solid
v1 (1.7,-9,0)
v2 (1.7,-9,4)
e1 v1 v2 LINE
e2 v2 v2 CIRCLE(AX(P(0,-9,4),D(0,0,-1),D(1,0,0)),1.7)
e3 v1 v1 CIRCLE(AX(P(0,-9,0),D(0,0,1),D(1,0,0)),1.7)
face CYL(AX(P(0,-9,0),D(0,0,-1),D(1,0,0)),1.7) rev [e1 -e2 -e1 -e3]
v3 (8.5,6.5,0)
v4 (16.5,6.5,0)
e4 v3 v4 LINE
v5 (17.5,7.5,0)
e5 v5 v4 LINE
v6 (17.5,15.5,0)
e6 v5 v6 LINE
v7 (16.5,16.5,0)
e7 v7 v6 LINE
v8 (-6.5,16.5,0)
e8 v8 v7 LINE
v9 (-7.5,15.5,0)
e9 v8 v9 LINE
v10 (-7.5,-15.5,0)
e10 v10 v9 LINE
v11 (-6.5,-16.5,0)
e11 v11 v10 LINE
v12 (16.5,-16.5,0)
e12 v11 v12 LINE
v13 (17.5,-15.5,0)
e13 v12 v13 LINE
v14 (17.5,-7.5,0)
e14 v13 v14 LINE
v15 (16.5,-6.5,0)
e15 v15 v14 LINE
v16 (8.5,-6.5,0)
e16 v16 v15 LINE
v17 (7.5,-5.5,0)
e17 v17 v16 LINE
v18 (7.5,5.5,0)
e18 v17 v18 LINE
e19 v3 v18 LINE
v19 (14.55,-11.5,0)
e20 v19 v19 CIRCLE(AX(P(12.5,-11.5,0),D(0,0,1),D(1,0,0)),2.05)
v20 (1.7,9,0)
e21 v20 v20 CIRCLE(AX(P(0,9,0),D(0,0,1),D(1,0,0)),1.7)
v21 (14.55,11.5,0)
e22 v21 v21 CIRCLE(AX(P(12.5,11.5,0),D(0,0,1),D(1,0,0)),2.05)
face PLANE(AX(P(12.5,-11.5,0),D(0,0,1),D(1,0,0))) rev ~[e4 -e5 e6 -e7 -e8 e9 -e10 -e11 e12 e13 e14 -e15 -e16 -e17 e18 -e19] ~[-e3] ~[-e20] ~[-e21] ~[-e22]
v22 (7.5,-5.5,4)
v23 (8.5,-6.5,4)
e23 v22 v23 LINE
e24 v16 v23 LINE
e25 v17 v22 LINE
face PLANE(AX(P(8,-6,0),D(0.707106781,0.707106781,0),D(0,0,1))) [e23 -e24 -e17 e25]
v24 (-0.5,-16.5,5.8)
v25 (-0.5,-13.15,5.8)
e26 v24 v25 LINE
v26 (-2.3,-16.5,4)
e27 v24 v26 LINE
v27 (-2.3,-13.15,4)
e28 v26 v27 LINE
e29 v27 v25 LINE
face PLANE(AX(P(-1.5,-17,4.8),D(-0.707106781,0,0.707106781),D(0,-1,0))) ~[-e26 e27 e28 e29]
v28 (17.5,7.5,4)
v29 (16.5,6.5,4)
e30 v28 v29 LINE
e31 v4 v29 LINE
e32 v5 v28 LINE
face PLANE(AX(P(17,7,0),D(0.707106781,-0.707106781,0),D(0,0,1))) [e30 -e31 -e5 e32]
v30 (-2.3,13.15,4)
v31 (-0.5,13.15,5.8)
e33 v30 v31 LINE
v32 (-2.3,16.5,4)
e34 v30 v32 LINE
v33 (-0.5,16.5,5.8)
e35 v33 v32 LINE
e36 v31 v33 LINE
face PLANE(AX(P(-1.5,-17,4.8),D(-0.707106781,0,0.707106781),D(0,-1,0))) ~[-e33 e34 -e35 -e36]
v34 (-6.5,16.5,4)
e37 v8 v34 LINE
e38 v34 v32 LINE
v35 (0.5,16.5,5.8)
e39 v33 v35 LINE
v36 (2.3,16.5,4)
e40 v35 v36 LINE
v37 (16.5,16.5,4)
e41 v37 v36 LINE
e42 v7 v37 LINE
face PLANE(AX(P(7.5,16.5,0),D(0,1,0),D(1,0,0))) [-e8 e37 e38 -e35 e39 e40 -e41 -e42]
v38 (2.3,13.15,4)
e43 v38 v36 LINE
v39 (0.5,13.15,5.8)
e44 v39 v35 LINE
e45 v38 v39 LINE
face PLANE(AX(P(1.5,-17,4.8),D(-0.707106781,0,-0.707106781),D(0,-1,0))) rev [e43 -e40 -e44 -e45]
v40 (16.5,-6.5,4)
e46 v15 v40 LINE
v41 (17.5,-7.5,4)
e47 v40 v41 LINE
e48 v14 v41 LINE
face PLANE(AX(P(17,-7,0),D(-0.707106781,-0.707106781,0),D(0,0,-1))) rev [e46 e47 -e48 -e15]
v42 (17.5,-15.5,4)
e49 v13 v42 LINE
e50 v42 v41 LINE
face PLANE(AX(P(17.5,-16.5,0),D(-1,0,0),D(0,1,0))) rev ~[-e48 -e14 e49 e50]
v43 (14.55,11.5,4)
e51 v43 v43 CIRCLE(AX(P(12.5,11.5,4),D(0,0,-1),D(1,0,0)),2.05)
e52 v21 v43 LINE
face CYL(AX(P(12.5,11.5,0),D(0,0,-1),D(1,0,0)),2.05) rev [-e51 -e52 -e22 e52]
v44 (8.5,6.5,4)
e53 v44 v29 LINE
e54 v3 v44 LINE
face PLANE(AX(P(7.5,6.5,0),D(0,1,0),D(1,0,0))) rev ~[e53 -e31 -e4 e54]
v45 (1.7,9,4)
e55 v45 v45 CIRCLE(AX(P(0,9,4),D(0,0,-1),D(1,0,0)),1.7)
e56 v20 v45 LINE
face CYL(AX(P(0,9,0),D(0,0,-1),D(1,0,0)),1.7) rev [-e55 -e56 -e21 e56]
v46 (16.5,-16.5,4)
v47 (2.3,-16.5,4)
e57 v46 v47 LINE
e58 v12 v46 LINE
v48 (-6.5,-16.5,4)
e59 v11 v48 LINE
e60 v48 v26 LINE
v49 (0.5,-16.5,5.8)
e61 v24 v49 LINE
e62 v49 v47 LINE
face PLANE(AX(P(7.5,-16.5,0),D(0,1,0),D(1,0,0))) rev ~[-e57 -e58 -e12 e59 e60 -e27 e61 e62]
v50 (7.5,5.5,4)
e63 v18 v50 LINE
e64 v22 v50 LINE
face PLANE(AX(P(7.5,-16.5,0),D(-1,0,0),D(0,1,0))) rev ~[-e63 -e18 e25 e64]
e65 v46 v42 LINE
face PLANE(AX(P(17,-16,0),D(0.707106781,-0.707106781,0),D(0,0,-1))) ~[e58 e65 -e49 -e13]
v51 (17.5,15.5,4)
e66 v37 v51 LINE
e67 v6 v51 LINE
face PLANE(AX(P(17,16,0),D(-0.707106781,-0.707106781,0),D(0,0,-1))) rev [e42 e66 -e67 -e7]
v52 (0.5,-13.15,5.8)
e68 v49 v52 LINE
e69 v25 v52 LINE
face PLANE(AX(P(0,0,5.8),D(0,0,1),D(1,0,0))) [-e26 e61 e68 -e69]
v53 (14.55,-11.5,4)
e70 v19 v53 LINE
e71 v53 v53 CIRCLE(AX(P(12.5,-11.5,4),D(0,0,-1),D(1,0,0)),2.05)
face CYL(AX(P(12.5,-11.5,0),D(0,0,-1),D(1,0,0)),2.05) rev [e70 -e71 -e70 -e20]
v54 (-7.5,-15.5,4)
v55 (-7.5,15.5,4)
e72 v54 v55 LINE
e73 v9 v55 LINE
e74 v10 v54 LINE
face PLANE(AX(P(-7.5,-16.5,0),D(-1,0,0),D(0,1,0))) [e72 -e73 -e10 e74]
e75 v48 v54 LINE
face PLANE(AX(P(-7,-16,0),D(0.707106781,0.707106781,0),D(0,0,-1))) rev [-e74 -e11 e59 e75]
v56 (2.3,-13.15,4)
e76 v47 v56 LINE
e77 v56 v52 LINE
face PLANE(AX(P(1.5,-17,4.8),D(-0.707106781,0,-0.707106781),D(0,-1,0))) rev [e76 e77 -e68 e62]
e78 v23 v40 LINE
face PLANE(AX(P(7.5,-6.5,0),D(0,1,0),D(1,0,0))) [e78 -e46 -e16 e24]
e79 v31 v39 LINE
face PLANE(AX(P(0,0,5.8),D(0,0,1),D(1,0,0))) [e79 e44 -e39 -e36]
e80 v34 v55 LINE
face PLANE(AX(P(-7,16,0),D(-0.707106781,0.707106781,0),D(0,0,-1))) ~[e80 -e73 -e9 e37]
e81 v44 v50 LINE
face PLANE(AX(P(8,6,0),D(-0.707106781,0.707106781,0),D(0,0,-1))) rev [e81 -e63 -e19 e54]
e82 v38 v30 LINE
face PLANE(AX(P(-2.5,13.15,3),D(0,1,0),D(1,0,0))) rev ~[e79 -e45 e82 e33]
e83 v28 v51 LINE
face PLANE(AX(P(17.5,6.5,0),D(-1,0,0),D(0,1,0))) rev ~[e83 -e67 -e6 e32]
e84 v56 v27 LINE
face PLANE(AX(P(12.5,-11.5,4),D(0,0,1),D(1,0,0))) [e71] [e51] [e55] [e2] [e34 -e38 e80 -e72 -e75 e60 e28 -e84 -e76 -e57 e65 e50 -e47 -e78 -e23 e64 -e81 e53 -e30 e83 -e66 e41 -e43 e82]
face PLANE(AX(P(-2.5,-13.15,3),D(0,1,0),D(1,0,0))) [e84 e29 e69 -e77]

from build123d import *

# Parameters (mm, degrees)
CYLINDER053_R         = 2.05
CYLINDER053_DEPTH     = 10
CYLINDER052_R         = 2.05
CYLINDER052_DEPTH     = 10
BOX002028_W           = 10
BOX002028_H           = 10
BOX002028_DEPTH       = 4
BOX002029_W           = 10
BOX002029_H           = 10
BOX002029_DEPTH       = 4
CYLINDER050_R         = 1.7
CYLINDER050_DEPTH     = 10
CYLINDER051_R         = 1.7
CYLINDER051_DEPTH     = 10
BOX002025_W           = 5
BOX002025_H           = 26.3
BOX002025_DEPTH       = 2.8
BOX002026_W           = 5
BOX002026_H           = 34
BOX002026_DEPTH       = 2.8
CHAMFER012008023_SIZE = 2
BOX002024_W           = 15
BOX002024_H           = 34
BOX002024_DEPTH       = 4
BOX002027_W           = 15
BOX002027_H           = 33
BOX002027_DEPTH       = 10
CHAMFER012008024_SIZE = 1


with BuildPart() as cylinder053:
    # Cylinder053 → Cylinder053 (new body)
    with BuildSketch(Plane(origin=(12.5, -11.5, 0), x_dir=(1, 0, 0), z_dir=(0, 0, 1))):
        Circle(CYLINDER053_R)
    extrude(amount=CYLINDER053_DEPTH)


with BuildPart() as fusion025019011006:
    # Cylinder052 → Cylinder052 (new body)
    with BuildSketch(Plane(origin=(12.5, 11.5, 0), x_dir=(1, 0, 0), z_dir=(0, 0, 1))):
        Circle(CYLINDER052_R)
    extrude(amount=CYLINDER052_DEPTH)

    # Fusion025019011006: union Cylinder053
    add(cylinder053.part)


with BuildPart() as cube030:
    # Box002028 → Box002028 (new body)
    with BuildSketch(Plane(origin=(7.5, 6.5, 0), x_dir=(1, 0, 0), z_dir=(0, 0, 1))):
        with Locations((5, 5)):
            Rectangle(BOX002028_W, BOX002028_H)
    extrude(amount=BOX002028_DEPTH)


with BuildPart() as cube031:
    # Box002029 → Box002029 (new body)
    with BuildSketch(Plane(origin=(7.5, -16.5, 0), x_dir=(1, 0, 0), z_dir=(0, 0, 1))):
        with Locations((5, 5)):
            Rectangle(BOX002029_W, BOX002029_H)
    extrude(amount=BOX002029_DEPTH)


with BuildPart() as cylinder050:
    # Cylinder050 → Cylinder050 (new body)
    with BuildSketch(Plane(origin=(0, 9, 0), x_dir=(1, 0, 0), z_dir=(0, 0, 1))):
        Circle(CYLINDER050_R)
    extrude(amount=CYLINDER050_DEPTH)


with BuildPart() as fusion025019011004:
    # Cylinder051 → Cylinder051 (new body)
    with BuildSketch(Plane(origin=(0, -9, 0), x_dir=(1, 0, 0), z_dir=(0, 0, 1))):
        Circle(CYLINDER051_R)
    extrude(amount=CYLINDER051_DEPTH)

    # Fusion025019011004: union Cylinder050
    add(cylinder050.part)


with BuildPart() as cube027:
    # Box002025 → Box002025 (new body)
    with BuildSketch(Plane(origin=(-2.5, -13.15, 3), x_dir=(1, 0, 0), z_dir=(0, 0, 1))):
        with Locations((2.5, 13.15)):
            Rectangle(BOX002025_W, BOX002025_H)
    extrude(amount=BOX002025_DEPTH)


with BuildPart() as cut001038015011010:
    # Box002026 → Box002026 (new body)
    with BuildSketch(Plane(origin=(-2.5, -17, 3), x_dir=(1, 0, 0), z_dir=(0, 0, 1))):
        with Locations((2.5, 17)):
            Rectangle(BOX002026_W, BOX002026_H)
    extrude(amount=BOX002026_DEPTH)

    # Chamfer012008023
    chamfer012008023_edges = [cut001038015011010.edges().sort_by_distance(p)[0] for p in [
        (-2.5, 0, 5.8),
        (2.5, 0, 5.8),
    ]]
    chamfer(chamfer012008023_edges, length=CHAMFER012008023_SIZE)

    # Cut001038015011010: cut Cube027
    add(cube027.part, mode=Mode.SUBTRACT)


with BuildPart() as cut001038015011011:
    # Box002024 → Box002024 (new body)
    with BuildSketch(Plane(origin=(-7.5, -17, 0), x_dir=(1, 0, 0), z_dir=(0, 0, 1))):
        with Locations((7.5, 17)):
            Rectangle(BOX002024_W, BOX002024_H)
    extrude(amount=BOX002024_DEPTH)

    # Fusion025019011003: union Cut001038015011010
    add(cut001038015011010.part)

    # Cut001038015011011: cut Fusion025019011004
    add(fusion025019011004.part, mode=Mode.SUBTRACT)


with BuildPart() as cut001038015011012:
    # Box002027 → Box002027 (new body)
    with BuildSketch(Plane(origin=(-7.5, -16.5, 0), x_dir=(1, 0, 0), z_dir=(0, 0, 1))):
        with Locations((7.5, 16.5)):
            Rectangle(BOX002027_W, BOX002027_H)
    extrude(amount=BOX002027_DEPTH)

    # Common004002: intersect Cut001038015011011
    add(cut001038015011011.part, mode=Mode.INTERSECT)

    # Fusion025019011005: union Cube030, Cube031
    add(cube030.part)
    add(cube031.part)

    # Chamfer012008024
    chamfer012008024_edges = [cut001038015011012.edges().sort_by_distance(p)[0] for p in [
        (17.5, 6.5, 2),
        (17.5, 16.5, 2),
        (7.5, 6.5, 2),
        (7.5, -6.5, 2),
        (-7.5, 16.5, 2),
        (17.5, -6.5, 2),
        (-7.5, -16.5, 2),
        (17.5, -16.5, 2),
    ]]
    chamfer(chamfer012008024_edges, length=CHAMFER012008024_SIZE)

    # Cut001038015011012: cut Fusion025019011006
    add(fusion025019011006.part, mode=Mode.SUBTRACT)


solid = cut001038015011012.part
